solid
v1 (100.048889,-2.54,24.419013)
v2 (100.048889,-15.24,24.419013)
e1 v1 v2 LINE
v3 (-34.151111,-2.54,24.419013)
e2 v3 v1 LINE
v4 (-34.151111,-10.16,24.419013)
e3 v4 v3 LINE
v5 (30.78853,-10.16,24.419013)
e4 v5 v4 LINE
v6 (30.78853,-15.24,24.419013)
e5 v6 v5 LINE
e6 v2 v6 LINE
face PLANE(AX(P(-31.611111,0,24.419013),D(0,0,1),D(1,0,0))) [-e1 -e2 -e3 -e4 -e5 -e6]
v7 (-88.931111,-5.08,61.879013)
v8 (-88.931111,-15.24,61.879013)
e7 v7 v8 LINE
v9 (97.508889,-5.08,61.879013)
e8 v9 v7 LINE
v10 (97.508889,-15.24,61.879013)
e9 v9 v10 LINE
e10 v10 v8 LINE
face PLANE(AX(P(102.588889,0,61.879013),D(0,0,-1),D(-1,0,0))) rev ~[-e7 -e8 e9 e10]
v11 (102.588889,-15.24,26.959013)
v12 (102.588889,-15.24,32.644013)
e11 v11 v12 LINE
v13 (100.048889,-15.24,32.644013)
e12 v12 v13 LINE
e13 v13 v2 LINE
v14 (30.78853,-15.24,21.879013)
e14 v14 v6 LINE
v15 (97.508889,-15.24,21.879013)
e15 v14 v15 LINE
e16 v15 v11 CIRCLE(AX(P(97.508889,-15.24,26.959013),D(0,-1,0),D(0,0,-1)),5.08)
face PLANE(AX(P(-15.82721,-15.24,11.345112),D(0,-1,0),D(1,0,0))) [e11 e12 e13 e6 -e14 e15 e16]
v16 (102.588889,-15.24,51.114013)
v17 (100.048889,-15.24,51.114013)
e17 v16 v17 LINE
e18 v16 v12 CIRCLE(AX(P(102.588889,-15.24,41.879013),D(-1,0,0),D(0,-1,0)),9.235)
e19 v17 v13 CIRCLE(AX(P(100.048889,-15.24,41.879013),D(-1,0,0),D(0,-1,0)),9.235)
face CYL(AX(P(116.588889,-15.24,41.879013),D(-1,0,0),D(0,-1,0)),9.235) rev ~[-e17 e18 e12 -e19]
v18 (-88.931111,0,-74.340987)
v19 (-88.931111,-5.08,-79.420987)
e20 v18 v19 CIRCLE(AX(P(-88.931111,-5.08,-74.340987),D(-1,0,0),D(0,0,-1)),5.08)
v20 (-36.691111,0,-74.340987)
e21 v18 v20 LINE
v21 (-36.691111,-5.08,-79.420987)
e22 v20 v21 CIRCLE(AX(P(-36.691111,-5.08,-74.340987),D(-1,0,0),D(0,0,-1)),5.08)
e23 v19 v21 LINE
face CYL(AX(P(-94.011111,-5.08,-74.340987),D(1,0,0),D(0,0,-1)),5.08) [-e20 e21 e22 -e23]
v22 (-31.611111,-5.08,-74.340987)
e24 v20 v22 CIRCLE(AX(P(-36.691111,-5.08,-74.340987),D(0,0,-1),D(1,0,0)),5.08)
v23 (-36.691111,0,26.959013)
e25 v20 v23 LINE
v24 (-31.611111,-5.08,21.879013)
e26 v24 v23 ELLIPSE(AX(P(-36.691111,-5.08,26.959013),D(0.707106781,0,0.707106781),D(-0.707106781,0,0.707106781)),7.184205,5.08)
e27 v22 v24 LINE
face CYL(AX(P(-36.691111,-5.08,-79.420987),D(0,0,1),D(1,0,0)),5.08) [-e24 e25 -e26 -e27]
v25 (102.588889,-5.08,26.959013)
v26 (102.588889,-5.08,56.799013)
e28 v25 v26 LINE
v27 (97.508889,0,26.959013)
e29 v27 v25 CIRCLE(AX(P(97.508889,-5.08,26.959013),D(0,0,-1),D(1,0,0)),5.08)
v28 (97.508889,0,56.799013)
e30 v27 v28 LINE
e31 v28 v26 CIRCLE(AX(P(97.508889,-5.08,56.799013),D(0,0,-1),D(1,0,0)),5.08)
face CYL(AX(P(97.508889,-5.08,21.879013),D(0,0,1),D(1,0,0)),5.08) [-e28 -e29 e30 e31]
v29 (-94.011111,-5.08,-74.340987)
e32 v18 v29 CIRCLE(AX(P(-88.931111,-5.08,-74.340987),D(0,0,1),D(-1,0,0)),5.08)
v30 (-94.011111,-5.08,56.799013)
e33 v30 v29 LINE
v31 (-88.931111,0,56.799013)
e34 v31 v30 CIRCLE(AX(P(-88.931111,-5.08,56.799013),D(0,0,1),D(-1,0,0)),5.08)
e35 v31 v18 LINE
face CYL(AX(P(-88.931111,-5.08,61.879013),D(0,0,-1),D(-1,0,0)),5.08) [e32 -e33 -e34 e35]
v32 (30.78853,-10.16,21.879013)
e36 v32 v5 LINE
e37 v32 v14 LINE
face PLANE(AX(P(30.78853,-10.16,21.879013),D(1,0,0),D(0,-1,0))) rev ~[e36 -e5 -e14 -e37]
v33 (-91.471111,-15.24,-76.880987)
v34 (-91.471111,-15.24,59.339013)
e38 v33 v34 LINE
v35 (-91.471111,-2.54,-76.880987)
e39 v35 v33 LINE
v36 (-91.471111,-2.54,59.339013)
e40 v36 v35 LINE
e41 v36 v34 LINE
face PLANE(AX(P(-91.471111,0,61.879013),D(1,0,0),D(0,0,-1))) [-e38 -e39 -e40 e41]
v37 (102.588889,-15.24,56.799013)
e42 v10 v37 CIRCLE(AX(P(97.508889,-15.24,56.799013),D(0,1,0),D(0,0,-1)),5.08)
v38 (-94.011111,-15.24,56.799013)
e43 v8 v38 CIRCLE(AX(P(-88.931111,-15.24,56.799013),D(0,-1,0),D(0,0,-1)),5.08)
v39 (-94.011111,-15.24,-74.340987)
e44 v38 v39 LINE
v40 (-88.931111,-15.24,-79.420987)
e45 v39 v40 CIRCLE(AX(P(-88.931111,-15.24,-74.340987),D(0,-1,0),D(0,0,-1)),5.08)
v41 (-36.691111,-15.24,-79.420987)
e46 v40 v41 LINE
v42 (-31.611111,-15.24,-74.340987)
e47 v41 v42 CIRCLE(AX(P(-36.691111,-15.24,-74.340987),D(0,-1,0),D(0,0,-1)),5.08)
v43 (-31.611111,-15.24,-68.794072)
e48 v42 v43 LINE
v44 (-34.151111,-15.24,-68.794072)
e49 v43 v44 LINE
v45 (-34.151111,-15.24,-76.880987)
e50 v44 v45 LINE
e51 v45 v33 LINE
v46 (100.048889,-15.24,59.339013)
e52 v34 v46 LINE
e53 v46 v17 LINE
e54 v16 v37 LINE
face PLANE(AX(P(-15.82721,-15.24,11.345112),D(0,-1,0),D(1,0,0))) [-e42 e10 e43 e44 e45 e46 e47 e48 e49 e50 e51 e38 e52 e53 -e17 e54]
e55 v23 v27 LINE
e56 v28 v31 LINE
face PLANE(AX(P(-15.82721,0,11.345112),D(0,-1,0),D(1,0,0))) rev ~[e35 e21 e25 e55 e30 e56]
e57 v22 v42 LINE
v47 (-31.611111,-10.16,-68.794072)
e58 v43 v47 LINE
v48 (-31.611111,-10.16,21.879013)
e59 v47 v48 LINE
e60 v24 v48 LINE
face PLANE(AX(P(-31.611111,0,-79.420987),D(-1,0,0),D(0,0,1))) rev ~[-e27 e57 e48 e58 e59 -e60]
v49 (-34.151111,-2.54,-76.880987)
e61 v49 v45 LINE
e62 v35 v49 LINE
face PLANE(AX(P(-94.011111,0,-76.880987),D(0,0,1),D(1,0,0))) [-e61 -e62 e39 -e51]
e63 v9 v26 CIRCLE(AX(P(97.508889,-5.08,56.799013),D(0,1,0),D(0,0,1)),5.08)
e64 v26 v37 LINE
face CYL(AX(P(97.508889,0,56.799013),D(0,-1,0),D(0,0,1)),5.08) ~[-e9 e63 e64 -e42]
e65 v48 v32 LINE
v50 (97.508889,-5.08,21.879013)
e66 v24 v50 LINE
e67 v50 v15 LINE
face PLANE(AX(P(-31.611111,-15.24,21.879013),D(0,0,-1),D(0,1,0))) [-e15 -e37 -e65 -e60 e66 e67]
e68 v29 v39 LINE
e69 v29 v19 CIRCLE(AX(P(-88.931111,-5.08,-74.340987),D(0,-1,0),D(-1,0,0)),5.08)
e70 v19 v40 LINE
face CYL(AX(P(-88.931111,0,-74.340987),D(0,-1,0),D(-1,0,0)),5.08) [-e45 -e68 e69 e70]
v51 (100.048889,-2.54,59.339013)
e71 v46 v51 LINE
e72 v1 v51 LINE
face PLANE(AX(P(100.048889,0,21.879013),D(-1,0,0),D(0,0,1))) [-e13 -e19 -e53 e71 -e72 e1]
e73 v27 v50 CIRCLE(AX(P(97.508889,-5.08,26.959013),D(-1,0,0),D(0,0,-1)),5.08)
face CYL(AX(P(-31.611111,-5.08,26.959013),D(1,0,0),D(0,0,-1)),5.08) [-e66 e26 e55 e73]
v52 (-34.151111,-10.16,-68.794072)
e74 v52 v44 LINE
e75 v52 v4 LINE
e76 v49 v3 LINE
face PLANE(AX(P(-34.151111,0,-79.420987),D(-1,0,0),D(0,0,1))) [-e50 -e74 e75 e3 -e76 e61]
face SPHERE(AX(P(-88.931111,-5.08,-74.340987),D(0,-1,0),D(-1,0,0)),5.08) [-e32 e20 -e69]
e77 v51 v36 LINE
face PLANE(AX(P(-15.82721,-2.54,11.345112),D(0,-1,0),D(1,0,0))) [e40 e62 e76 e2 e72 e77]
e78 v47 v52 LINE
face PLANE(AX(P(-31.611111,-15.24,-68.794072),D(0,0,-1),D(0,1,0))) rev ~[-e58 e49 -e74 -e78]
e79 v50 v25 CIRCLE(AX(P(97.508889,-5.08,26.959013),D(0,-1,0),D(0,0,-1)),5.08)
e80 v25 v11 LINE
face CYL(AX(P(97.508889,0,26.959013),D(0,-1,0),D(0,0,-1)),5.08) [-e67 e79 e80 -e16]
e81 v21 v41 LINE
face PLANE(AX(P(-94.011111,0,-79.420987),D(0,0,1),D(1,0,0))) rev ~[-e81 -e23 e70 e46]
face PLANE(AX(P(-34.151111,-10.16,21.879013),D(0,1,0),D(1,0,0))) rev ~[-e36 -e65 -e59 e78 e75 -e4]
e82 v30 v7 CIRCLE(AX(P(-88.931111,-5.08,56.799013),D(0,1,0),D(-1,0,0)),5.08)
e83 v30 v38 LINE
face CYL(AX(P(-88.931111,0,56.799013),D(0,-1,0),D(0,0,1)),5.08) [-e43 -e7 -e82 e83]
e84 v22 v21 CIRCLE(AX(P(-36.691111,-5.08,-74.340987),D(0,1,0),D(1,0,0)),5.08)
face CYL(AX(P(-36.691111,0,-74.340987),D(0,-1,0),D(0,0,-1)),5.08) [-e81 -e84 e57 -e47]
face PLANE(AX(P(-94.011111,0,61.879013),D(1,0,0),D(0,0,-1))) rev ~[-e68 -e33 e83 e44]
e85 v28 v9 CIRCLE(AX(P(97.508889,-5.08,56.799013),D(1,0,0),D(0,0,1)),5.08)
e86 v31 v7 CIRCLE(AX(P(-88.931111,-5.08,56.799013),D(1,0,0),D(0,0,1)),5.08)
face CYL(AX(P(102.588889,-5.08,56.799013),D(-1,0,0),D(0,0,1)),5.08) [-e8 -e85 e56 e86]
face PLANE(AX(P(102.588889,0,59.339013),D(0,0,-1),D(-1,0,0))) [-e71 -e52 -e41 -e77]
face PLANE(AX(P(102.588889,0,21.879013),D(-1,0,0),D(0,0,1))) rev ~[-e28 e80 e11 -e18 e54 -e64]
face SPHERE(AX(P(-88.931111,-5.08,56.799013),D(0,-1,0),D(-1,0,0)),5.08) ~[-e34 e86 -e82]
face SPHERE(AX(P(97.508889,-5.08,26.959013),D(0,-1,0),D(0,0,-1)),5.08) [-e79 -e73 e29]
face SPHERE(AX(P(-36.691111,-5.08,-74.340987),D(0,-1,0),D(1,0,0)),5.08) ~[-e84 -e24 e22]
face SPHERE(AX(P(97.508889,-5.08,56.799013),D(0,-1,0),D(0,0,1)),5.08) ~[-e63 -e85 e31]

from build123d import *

# Parameters (mm, degrees)
F1_DEPTH = 15.24
F2_T     = -2.54
F3_R     = 5.08
F5_D     = 18.47
F5_DEPTH = 14
F5_TIP   = 5.5489478167
F6_W     = 5.08
F6_H     = 90.6730847065
F7_DEPTH = 43.688
F8_W     = 64.9396401966
F8_H     = 5.08
F9_DEPTH = 25.4


with BuildPart() as f1:
    # F0 (on Front) → F1 (new body)
    with BuildSketch(Plane.XZ):
        Polygon((102.5888894677, 61.8790130322), (-94.0111105323, 61.8790130322), (-94.0111105323, -79.4209869678), (-31.6111105323, -79.4209869678), (-31.6111105323, 21.8790130322), (102.5888894677, 21.8790130322), align=None)
    extrude(amount=F1_DEPTH)

    # F2
    f2_openings = [f1.faces().sort_by_distance(p)[0] for p in [
        (100.16779, -15.24, 41.879013),
    ]]
    offset(amount=F2_T, openings=f2_openings, kind=Kind.INTERSECTION)

    # F3
    f3_edges = [f1.edges().sort_by_distance(p)[0] for p in [
        (-94.011111, -7.62, 61.879013),
        (102.588889, -7.62, 61.879013),
        (102.588889, -7.62, 21.879013),
        (-31.611111, -7.62, -79.420987),
        (-94.011111, -7.62, -79.420987),
        (-94.011111, 0, -8.770987),
        (-31.611111, 0, -28.770987),
        (35.488889, 0, 21.879013),
        (4.288889, 0, 61.879013),
        (-62.811111, 0, -79.420987),
        (102.588889, 0, 41.879013),
    ]]
    fillet(f3_edges, radius=F3_R)

    # F5
    with Locations(Plane.YZ.offset(102.5888894677)):
        with Locations((-15.24, 41.8790130322)):
            Hole(F5_D / 2, depth=F5_DEPTH)
            with Locations((0, 0, -(F5_DEPTH + F5_TIP / 2))):  # 118° drill point
                Cone(0, F5_D / 2, F5_TIP, mode=Mode.SUBTRACT)

    # F6 (on face) → F7 (cut)
    with BuildSketch(Plane.YZ.offset(-31.6111105323)):
        with Locations((-12.7, -23.4575293211)):
            Rectangle(F6_W, F6_H)
    extrude(amount=-F7_DEPTH, mode=Mode.SUBTRACT)

    # F8 (on face) → F9 (cut)
    with BuildSketch(Plane(origin=(0, 0, 21.8790130322), x_dir=(1, 0, 0), z_dir=(0, 0, -1))):
        with Locations((-1.681290434, 12.7)):
            Rectangle(F8_W, F8_H)
    extrude(amount=-F9_DEPTH, mode=Mode.SUBTRACT)


solid = f1.part
